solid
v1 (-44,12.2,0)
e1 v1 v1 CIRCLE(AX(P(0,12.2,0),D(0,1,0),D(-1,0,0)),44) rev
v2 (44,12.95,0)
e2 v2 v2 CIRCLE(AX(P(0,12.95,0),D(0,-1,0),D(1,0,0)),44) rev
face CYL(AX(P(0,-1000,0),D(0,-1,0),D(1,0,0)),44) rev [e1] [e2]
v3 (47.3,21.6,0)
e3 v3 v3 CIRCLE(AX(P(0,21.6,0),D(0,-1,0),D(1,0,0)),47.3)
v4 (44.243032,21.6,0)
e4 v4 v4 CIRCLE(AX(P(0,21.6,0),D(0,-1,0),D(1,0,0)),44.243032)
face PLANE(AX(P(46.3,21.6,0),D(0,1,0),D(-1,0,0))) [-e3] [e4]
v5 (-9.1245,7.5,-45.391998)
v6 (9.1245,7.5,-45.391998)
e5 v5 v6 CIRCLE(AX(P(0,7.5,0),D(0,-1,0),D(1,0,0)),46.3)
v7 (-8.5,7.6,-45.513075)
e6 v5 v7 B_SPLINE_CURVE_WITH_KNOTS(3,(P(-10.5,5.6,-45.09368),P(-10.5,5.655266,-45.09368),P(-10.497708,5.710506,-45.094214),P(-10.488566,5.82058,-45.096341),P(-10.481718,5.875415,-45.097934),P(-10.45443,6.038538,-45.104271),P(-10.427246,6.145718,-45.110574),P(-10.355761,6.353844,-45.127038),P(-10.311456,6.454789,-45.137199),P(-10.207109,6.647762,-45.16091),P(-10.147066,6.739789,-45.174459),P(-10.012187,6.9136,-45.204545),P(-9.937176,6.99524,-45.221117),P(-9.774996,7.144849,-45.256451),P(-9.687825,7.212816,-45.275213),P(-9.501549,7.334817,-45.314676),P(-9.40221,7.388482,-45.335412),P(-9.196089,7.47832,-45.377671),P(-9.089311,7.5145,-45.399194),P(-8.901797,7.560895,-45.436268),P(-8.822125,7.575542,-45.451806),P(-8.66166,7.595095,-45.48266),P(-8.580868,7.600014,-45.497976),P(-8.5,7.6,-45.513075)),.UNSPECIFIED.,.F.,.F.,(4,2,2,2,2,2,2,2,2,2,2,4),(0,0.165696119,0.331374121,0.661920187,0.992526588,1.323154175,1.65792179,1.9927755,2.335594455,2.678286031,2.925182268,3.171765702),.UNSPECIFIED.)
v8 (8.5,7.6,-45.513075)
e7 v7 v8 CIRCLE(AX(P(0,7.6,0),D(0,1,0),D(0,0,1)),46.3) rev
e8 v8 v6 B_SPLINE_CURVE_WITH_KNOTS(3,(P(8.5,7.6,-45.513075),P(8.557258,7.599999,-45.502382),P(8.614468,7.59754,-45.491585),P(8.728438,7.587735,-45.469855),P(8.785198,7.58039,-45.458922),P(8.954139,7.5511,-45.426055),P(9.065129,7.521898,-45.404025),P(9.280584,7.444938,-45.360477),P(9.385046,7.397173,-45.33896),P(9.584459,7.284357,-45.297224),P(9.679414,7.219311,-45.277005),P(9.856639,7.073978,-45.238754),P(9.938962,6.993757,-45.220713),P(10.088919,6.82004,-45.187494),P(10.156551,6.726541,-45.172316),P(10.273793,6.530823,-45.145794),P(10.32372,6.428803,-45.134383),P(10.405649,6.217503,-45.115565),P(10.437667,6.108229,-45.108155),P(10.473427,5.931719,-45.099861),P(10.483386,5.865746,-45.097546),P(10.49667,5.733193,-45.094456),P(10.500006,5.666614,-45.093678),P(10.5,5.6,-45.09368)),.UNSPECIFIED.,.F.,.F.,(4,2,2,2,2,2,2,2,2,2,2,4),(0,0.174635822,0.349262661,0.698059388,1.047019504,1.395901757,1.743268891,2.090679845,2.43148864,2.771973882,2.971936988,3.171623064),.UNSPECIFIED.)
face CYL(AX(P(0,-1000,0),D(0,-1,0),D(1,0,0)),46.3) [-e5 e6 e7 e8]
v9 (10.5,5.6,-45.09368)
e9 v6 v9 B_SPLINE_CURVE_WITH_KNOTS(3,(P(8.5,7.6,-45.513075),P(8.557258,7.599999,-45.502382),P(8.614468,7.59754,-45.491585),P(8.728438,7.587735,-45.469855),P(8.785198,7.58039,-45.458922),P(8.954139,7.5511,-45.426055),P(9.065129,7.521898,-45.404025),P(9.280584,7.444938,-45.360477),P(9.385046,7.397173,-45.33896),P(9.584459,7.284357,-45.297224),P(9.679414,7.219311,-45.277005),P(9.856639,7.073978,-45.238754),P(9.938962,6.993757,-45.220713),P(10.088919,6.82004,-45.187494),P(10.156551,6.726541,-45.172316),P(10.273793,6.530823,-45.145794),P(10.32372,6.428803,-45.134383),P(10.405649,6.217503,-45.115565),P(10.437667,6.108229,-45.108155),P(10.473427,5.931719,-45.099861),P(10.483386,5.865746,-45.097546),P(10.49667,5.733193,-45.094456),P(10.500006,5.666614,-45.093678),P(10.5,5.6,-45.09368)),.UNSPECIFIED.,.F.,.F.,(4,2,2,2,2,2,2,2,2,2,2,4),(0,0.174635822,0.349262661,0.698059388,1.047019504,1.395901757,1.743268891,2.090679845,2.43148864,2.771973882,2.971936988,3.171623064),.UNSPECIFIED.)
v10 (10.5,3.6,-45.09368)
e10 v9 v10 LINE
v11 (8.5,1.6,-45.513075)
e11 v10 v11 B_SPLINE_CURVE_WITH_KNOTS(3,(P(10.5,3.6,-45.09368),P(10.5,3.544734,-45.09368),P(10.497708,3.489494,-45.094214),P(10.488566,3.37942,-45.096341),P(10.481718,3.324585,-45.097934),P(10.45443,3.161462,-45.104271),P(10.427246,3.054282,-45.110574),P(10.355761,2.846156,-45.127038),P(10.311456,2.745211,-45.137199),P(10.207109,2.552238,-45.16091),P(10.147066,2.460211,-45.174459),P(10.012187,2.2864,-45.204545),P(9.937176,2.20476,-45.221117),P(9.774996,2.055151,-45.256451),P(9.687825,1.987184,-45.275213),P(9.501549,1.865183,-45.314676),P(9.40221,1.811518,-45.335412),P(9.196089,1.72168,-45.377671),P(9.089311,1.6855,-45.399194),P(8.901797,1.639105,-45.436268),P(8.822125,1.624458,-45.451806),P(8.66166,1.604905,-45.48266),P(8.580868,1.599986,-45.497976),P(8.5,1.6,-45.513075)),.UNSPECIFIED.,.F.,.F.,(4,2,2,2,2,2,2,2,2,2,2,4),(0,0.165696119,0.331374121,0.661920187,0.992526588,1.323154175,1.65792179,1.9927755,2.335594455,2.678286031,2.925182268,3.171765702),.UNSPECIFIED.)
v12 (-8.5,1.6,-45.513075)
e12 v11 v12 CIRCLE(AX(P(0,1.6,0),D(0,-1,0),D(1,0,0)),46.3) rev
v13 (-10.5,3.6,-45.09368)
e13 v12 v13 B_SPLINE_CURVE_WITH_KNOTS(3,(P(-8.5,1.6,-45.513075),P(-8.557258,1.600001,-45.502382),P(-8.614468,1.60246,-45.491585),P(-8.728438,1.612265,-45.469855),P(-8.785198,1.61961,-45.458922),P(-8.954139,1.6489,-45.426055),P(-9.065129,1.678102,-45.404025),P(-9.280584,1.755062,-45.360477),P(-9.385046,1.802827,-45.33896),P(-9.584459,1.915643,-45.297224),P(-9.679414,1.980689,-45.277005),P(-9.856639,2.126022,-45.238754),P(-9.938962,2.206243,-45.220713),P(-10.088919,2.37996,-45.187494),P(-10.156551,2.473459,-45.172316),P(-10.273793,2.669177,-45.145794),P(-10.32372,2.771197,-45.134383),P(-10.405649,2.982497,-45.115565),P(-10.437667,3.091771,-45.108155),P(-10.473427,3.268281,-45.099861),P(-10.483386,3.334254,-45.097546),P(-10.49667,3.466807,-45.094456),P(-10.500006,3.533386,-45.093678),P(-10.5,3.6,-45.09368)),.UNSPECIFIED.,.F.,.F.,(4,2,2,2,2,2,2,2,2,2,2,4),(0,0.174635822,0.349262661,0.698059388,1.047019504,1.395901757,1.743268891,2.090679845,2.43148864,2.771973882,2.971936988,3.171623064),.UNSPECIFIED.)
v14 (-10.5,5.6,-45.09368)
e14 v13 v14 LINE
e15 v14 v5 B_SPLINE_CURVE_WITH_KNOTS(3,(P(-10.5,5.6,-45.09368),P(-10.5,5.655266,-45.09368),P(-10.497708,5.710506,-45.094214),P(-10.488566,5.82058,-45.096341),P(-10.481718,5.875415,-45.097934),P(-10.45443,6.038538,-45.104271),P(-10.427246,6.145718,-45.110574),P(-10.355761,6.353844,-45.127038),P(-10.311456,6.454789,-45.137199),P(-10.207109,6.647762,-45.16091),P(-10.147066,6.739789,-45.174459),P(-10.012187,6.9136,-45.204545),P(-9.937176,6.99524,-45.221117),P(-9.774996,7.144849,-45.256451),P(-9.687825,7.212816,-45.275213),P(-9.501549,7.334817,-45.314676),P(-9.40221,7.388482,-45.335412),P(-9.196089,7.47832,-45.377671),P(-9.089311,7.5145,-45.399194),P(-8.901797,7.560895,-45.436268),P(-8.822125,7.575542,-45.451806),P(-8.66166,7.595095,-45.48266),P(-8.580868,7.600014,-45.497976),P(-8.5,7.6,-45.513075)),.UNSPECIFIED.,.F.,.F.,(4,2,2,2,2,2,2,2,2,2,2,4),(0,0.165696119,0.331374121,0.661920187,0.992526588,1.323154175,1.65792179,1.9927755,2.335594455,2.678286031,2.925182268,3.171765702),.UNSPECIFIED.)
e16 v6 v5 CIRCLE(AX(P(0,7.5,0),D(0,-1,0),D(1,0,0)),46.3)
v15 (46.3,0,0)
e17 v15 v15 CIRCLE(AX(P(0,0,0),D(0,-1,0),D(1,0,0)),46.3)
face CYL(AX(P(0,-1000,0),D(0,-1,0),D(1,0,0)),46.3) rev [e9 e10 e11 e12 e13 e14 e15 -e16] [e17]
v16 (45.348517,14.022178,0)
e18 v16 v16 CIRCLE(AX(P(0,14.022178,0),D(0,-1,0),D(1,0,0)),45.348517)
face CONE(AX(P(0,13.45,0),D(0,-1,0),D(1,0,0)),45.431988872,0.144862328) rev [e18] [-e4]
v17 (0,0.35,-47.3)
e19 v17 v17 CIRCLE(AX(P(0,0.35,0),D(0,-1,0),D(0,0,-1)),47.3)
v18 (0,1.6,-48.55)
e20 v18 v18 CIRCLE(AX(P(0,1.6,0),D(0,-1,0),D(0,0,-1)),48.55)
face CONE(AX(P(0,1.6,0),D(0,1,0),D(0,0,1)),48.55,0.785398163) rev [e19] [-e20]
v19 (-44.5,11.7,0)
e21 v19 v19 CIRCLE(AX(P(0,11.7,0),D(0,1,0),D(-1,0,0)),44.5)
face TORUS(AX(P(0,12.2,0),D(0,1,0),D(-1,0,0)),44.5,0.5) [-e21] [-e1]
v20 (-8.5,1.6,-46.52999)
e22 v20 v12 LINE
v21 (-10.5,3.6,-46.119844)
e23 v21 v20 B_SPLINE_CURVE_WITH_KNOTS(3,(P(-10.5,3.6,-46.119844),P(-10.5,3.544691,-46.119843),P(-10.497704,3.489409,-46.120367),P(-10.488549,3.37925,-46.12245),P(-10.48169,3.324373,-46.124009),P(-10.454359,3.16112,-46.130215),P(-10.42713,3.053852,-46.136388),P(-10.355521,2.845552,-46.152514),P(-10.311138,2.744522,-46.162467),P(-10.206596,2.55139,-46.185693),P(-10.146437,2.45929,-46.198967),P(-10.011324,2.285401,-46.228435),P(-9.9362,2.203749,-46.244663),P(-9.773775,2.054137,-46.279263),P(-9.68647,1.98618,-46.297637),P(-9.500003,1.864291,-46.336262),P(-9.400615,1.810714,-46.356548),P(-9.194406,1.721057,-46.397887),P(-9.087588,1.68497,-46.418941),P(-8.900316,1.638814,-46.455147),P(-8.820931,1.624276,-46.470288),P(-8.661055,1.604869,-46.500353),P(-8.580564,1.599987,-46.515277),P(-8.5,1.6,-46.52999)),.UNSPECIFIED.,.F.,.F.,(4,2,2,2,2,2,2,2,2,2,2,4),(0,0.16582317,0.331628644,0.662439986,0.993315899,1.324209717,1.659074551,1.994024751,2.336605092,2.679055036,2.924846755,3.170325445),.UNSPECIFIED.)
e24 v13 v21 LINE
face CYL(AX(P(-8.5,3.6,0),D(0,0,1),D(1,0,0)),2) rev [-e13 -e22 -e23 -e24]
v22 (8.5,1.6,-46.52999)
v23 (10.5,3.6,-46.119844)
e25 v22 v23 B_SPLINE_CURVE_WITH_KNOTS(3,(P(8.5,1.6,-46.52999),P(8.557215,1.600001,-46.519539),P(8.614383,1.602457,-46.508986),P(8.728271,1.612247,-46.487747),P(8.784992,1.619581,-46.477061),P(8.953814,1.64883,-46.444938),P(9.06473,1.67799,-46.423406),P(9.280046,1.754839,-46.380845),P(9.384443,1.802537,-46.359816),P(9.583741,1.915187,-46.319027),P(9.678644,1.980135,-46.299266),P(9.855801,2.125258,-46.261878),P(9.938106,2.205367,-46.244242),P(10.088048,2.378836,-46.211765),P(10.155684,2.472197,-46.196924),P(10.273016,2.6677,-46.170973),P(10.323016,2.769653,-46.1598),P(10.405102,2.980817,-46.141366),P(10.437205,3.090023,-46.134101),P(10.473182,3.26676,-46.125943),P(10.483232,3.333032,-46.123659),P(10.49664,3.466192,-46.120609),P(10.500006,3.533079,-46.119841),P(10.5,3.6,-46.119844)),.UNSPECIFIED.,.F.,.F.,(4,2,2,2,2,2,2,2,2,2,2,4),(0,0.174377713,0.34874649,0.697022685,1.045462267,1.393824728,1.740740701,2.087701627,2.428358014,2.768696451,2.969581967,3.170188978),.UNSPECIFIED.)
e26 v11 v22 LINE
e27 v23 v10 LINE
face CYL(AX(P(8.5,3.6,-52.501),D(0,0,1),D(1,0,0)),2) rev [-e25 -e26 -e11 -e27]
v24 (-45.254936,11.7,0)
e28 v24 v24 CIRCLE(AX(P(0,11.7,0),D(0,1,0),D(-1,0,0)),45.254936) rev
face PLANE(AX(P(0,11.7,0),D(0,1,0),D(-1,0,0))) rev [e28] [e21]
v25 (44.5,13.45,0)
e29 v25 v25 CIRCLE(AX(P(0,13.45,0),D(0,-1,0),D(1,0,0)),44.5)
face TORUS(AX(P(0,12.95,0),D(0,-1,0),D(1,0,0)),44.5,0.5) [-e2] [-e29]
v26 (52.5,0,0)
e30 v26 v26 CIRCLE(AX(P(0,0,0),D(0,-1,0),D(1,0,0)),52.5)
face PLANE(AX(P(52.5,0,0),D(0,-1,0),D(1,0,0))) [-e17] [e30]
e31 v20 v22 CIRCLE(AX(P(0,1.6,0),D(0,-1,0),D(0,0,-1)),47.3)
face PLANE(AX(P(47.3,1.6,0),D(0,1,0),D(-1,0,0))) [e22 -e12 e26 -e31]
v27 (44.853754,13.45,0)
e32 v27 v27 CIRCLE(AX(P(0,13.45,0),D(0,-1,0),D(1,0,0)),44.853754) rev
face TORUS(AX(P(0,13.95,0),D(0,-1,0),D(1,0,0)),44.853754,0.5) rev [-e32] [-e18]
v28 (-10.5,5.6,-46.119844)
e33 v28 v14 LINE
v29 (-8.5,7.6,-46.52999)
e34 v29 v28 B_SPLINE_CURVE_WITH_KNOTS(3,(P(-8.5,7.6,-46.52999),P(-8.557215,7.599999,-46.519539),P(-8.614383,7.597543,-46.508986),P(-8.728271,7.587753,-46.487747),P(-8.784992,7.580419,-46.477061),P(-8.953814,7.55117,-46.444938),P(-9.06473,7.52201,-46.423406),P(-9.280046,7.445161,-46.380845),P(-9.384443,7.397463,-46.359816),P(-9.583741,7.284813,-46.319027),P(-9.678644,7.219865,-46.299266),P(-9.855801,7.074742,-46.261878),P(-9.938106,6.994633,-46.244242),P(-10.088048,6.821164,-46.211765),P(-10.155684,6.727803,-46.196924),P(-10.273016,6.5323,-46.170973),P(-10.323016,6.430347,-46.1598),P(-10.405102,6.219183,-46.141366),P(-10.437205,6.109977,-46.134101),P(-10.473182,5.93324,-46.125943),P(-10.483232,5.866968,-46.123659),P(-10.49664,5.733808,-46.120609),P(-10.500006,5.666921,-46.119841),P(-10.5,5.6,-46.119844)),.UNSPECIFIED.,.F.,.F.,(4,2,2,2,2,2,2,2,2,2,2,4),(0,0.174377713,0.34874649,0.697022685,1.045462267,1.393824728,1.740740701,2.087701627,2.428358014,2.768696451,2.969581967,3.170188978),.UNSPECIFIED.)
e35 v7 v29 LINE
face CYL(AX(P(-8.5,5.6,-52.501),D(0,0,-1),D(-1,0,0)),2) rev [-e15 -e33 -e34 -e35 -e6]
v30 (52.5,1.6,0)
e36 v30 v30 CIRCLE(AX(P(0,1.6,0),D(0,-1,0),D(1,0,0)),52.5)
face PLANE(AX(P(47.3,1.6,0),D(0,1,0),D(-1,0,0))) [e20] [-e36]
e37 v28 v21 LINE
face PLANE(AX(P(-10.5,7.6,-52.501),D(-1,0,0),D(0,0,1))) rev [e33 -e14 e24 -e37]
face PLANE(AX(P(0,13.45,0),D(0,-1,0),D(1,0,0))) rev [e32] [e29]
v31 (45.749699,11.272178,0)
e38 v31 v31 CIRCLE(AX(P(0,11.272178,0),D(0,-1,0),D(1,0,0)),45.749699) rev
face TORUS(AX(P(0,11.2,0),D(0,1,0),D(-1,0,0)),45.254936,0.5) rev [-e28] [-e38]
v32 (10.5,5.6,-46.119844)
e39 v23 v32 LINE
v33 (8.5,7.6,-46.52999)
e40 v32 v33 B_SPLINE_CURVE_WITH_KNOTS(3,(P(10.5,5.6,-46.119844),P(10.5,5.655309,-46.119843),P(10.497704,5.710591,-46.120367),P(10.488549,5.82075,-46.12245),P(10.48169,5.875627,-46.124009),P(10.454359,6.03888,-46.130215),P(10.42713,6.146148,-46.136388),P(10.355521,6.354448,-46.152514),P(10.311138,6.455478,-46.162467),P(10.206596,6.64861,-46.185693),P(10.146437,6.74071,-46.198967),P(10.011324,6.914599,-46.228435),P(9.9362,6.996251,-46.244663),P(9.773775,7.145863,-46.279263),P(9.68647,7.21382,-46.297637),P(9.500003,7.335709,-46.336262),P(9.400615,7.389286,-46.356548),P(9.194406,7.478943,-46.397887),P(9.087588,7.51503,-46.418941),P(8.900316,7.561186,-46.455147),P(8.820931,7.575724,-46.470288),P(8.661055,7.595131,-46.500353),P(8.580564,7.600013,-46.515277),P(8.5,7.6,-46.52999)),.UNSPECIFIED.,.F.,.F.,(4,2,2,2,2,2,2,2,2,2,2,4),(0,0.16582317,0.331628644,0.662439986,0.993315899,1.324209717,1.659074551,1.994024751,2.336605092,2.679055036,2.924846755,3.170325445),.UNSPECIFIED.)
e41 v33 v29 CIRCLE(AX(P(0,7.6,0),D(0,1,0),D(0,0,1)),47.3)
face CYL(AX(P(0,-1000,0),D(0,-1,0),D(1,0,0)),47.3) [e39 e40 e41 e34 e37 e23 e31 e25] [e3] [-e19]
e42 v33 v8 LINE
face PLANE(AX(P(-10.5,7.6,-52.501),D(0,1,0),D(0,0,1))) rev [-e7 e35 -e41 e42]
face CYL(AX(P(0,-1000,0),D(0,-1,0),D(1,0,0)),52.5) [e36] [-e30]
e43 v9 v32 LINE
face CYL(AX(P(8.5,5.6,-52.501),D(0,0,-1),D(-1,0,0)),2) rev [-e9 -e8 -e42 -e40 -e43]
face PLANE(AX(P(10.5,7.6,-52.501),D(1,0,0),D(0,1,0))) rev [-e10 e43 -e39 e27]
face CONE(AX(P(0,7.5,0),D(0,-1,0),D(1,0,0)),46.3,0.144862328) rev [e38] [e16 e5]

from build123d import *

# Parameters (mm, degrees)
CUT_EXTRUDE1_REACH      = 79.324
CUT_EXTRUDE1_END_RADIUS = 47.3
SKETCH4_W               = 21
SKETCH4_H               = 6
FILLET1_R               = 2
FILLET2_R               = 0.5


with BuildPart() as part:
    # Sketch2 → Revolve1 (revolve)
    with BuildSketch(Plane.XY):
        Polygon((46.3, 0), (46.3, 21.6), (47.3, 21.6), (47.3, 1.6), (52.5, 1.6), (52.5, 0), align=None)
    revolve(axis=Axis((0, -1000, 0), (0, 1, 0)))

    # Cut-Extrude1: up to this cylinder (the profile starts inside it)
    cut_extrude1_end = Plane(origin=(0, 4.6, 0), z_dir=(0, -1, 0)) * Cylinder(CUT_EXTRUDE1_END_RADIUS, 254.248, mode=Mode.PRIVATE)
    # Sketch4 → Cut-Extrude1 (cut, up to the surface)
    with BuildSketch(Plane.XY, mode=Mode.PRIVATE) as cut_extrude1_sk1:
        with Locations((0, 4.6)):
            Rectangle(SKETCH4_W, SKETCH4_H)
    cut_extrude1_tool1 = extrude(cut_extrude1_sk1.sketch, amount=-CUT_EXTRUDE1_REACH, mode=Mode.PRIVATE) & cut_extrude1_end
    add(cut_extrude1_tool1.solids().sort_by_distance((0, 4.6, 0))[0], mode=Mode.SUBTRACT)

    # Fillet1
    fillet1_edges = [part.edges().sort_by_distance(p)[0] for p in [
        (10.5, 1.6, -45.606762076),
        (-10.5, 7.6, -45.606762076),
        (10.5, 7.6, -45.606762076),
        (-10.5, 1.6, -45.606762076),
    ]]
    fillet(fillet1_edges, radius=FILLET1_R)

    # Sketch6 → Revolve2 (revolve)
    with BuildSketch(Plane.XY, mode=Mode.PRIVATE) as revolve2_sk:
        Polygon((-46.3, 7.5), (-44.243032454, 21.6), (-46.3, 21.6), align=None)
        Polygon((-45.431988872, 13.45), (-45.687286263, 11.7), (-44, 11.7), (-44, 13.45), align=None)
    revolve(revolve2_sk.sketch.rotate(Axis((0, -1000, 0), (0, 1, 0)), 180), axis=Axis((0, -1000, 0), (0, 1, 0)))

    # Fillet2
    fillet2_edges = [part.edges().sort_by_distance(p)[0] for p in [
        (-45.687286263, 11.7, 0),
        (-44, 11.7, 0),
        (-44, 13.45, 0),
        (-45.431988872, 13.45, 0),
    ]]
    fillet(fillet2_edges, radius=FILLET2_R)

    # Sketch7 → Cut-Revolve1 (revolve, cut)
    with BuildSketch(Plane.XY):
        Polygon((-47.3, 1.6), (-47.3, 0.35), (-48.55, 1.6), align=None)
    revolve(axis=Axis((0, 0, 0), (0, 1, 0)), mode=Mode.SUBTRACT)


solid = part.part
